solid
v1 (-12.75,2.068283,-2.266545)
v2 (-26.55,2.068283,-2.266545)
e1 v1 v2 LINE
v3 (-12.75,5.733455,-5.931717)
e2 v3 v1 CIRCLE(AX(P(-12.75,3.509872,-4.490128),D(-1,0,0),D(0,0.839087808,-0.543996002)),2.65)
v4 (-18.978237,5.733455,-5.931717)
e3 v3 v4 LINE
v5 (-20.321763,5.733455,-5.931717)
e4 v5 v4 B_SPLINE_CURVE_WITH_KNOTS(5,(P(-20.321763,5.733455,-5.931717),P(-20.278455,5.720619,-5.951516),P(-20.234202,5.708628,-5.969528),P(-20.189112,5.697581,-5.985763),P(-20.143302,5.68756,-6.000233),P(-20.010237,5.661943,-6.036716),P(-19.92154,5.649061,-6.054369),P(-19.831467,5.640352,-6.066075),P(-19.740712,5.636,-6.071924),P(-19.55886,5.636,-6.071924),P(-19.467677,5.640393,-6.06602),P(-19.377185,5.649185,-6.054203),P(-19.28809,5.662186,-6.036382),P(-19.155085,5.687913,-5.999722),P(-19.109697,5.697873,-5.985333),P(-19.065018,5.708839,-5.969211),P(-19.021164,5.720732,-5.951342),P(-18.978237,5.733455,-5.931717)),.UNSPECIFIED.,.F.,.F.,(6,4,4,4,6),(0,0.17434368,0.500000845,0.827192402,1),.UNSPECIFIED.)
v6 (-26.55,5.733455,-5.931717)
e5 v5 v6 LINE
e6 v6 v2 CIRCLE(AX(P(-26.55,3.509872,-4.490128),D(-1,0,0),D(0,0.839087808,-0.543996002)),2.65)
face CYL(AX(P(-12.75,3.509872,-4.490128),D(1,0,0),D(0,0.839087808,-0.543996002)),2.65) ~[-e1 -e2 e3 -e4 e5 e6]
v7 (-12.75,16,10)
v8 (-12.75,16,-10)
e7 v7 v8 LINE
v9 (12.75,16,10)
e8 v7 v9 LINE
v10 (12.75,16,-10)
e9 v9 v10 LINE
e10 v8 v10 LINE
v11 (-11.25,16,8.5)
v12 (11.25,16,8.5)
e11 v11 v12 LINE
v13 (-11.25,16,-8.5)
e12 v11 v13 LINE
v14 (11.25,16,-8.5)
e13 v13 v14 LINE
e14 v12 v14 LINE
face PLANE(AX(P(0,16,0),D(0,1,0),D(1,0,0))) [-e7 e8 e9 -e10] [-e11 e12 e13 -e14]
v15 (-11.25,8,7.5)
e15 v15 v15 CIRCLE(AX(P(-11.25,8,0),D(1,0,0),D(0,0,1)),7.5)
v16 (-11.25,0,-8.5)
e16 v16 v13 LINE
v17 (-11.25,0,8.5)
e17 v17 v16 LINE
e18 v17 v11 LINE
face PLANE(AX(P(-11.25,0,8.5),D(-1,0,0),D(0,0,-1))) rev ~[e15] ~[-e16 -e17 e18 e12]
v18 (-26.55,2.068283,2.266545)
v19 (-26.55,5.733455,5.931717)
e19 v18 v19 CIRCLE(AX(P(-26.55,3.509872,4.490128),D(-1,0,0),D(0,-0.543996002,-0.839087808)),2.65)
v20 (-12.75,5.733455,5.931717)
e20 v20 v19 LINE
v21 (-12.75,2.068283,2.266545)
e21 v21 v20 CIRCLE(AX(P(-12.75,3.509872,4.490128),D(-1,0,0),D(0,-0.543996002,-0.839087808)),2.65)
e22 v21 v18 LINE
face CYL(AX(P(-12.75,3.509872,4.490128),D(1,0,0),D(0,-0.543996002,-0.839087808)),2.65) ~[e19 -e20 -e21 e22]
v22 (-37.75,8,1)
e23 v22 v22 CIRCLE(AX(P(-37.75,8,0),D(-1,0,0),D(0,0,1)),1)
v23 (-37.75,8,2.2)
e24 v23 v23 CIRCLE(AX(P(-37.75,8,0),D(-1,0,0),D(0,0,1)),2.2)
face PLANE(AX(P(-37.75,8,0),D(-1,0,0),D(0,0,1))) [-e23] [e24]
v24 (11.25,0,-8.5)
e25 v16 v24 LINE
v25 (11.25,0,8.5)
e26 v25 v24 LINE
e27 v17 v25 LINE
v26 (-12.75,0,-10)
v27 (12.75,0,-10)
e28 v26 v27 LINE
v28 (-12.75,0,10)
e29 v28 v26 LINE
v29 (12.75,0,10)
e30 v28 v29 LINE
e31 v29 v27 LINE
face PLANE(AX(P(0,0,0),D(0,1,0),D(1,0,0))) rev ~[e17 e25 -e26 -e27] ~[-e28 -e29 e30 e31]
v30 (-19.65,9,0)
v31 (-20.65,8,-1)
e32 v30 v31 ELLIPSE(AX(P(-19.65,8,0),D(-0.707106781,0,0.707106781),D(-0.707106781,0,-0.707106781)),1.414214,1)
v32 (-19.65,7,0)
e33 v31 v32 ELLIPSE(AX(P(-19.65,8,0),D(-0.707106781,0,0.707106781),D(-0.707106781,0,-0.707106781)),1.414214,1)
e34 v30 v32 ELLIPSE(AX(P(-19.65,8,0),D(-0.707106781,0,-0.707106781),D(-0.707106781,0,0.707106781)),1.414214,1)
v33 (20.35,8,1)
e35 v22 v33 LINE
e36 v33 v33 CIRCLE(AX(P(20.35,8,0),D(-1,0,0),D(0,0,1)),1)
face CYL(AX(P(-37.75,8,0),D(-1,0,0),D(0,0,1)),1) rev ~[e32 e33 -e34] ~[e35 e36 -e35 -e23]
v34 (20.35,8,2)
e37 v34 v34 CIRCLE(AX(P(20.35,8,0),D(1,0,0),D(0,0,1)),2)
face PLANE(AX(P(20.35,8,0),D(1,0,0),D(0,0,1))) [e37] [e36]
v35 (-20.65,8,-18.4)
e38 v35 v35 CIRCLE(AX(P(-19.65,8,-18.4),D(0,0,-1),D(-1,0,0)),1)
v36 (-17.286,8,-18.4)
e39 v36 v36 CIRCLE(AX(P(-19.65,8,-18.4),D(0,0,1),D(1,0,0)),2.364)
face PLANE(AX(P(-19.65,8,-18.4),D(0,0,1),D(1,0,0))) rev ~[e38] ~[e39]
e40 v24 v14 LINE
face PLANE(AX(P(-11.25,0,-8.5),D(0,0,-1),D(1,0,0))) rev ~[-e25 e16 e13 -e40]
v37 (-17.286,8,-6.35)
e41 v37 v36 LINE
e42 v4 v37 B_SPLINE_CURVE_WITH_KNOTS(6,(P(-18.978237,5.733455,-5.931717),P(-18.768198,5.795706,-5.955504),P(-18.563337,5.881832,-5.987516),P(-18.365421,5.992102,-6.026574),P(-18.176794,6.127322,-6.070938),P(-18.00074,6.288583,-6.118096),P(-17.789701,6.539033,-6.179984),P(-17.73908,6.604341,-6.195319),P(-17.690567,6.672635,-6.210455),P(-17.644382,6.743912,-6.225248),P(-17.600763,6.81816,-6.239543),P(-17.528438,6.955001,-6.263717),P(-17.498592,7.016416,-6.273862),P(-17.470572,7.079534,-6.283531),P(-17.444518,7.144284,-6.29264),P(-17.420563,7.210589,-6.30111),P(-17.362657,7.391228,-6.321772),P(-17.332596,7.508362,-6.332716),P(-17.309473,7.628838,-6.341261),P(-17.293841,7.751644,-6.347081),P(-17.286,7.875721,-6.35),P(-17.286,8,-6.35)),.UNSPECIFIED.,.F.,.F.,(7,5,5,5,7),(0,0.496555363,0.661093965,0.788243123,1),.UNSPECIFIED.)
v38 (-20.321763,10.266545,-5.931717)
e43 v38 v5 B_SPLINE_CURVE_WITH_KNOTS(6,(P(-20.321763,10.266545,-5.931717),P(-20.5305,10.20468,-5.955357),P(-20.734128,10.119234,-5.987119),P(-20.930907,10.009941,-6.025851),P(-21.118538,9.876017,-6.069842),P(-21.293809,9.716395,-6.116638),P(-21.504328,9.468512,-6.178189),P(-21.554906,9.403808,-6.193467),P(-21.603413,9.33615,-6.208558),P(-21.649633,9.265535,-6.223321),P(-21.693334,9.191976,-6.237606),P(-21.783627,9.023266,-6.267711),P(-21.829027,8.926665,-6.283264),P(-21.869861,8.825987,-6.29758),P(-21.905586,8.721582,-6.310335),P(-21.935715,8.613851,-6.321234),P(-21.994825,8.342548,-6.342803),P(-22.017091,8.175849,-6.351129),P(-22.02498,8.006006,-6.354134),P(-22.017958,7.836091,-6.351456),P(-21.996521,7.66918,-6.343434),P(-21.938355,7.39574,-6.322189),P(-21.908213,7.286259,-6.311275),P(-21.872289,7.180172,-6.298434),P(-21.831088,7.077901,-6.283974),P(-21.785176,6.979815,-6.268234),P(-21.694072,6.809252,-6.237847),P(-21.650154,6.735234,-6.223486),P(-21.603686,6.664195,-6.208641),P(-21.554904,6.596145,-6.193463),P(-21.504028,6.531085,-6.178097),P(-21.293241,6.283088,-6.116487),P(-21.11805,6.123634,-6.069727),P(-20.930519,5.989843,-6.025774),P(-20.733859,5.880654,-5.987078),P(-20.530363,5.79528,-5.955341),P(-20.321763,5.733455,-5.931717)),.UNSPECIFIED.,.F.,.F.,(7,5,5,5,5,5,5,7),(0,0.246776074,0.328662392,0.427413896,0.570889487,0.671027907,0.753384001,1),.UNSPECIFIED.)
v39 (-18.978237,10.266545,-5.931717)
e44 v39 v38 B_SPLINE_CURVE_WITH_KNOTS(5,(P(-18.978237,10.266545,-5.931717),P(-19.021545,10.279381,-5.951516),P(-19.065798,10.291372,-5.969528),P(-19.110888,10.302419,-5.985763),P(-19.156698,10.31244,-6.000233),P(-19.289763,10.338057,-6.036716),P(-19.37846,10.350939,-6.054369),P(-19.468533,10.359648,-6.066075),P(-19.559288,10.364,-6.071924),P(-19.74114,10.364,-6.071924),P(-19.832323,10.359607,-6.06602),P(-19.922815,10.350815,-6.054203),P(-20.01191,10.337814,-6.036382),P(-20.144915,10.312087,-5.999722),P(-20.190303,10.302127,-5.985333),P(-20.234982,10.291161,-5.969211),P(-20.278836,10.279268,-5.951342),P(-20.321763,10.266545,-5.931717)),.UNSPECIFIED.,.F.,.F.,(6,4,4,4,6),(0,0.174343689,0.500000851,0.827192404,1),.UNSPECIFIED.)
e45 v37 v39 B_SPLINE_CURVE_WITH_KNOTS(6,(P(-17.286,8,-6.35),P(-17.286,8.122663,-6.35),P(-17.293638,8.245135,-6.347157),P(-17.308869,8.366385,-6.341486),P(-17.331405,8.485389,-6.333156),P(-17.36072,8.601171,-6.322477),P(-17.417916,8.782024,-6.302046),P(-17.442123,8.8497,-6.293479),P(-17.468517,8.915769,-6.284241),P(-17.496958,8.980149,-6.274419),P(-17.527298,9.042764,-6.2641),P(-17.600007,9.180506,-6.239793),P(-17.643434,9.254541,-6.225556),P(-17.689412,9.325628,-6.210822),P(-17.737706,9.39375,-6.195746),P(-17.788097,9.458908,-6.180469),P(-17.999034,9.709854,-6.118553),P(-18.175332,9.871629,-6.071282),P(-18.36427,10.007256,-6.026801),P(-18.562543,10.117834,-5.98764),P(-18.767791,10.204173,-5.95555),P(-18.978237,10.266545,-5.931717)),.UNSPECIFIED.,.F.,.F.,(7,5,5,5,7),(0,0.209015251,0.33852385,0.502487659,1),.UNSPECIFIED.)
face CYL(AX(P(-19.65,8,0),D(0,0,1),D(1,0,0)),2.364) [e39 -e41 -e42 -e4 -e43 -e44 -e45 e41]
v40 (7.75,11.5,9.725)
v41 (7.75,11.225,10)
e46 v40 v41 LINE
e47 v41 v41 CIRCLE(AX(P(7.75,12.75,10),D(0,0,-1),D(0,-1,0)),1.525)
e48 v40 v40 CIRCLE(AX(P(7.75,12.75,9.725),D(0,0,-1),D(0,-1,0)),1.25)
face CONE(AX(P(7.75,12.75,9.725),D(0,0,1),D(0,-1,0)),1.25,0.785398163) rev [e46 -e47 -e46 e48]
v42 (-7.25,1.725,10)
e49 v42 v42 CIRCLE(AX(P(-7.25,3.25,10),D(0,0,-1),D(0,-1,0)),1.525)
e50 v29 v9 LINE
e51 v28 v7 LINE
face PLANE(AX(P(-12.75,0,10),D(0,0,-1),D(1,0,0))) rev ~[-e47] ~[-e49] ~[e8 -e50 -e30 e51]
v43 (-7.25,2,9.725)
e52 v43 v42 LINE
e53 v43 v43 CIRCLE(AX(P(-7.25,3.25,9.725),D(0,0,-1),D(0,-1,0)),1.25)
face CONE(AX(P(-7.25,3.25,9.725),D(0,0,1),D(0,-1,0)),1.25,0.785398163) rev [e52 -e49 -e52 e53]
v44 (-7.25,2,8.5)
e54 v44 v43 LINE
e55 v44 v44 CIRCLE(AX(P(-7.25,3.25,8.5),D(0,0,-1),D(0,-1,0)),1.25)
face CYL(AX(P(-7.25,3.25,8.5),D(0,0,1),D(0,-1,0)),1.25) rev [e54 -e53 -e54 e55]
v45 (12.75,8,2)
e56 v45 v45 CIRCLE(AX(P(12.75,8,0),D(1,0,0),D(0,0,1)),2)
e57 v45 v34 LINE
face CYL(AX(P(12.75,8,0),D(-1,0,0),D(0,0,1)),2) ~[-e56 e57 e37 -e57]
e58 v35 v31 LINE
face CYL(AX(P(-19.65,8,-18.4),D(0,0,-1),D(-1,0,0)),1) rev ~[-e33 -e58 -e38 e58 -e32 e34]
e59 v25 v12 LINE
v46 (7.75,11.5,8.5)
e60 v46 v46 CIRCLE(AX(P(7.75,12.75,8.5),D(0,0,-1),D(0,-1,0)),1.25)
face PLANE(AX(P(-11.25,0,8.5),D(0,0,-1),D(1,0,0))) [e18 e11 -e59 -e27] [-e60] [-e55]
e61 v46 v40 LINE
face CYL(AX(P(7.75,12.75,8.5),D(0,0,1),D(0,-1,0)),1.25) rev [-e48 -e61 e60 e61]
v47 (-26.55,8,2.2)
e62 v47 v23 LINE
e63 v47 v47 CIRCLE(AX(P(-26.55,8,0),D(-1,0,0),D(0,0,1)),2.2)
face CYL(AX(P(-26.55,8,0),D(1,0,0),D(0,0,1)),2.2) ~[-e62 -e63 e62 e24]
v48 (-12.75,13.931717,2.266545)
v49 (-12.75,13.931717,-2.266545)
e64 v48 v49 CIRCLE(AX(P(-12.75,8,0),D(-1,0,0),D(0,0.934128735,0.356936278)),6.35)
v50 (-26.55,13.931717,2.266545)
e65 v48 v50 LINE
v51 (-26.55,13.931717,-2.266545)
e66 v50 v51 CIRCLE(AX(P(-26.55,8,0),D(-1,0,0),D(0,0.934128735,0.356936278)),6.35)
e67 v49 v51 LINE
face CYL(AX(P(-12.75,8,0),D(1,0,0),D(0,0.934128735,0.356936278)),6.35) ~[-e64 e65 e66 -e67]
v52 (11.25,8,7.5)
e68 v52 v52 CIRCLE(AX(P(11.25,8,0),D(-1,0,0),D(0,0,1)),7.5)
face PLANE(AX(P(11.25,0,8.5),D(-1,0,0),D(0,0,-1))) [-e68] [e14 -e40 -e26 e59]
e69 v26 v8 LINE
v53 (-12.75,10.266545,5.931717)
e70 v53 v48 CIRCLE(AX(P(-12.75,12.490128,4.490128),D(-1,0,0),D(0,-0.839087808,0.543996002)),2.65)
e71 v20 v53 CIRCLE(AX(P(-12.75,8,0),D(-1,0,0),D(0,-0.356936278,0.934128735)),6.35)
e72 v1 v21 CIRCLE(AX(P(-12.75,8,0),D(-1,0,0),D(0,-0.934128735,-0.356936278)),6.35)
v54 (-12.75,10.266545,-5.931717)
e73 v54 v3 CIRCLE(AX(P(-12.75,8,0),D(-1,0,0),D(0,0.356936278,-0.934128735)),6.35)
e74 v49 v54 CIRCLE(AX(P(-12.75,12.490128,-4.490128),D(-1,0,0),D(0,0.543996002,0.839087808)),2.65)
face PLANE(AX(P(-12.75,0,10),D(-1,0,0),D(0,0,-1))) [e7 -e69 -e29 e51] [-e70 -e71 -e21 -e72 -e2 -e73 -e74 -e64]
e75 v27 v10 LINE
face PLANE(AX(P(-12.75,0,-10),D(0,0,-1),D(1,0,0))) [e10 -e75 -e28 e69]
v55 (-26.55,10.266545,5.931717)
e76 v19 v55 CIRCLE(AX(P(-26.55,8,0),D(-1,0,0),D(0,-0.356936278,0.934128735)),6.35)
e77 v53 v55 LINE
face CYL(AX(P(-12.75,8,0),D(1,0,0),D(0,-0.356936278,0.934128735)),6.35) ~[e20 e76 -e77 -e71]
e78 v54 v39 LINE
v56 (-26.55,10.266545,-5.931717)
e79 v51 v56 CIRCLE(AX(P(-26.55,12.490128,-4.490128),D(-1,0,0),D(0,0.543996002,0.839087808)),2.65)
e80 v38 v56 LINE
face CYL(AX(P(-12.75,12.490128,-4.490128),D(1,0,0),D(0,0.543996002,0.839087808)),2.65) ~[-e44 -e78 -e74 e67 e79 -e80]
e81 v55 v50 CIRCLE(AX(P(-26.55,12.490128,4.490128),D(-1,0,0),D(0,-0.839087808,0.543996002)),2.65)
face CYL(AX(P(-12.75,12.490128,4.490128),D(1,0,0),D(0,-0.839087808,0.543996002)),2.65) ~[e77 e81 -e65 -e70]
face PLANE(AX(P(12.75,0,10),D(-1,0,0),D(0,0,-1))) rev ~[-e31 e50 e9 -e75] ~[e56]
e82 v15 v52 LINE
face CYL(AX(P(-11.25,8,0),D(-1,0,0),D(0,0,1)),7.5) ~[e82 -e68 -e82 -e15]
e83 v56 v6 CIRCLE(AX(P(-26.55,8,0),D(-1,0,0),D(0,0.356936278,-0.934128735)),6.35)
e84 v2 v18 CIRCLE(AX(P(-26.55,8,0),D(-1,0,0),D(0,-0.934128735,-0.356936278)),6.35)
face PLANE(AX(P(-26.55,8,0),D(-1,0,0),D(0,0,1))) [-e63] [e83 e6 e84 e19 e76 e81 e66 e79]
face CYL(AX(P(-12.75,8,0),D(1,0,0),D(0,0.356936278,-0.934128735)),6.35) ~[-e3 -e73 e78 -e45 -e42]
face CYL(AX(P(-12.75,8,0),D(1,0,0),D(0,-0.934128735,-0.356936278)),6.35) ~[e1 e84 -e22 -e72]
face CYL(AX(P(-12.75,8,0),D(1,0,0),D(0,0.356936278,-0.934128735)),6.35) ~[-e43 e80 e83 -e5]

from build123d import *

# Parameters (mm, degrees)
SKETCH_1_W          = 25.5
SKETCH_1_H          = 20
SKETCH_1_W_2        = 22.5
SKETCH_1_H_2        = 17
EXTRUDE_1_DEPTH     = 16
M3X0_5_1_AT_2_COUNT = 2
M3X0_5_1_AT_2_PITCH = 17.755280905
EXTRUDE_2_REACH     = 32.529
SKETCH_4_R          = 7.5
EXTRUDE_3_DEPTH     = 13.8
SKETCH_6_R          = 2
EXTRUDE_4_DEPTH     = 7.6
SKETCH_7_R          = 2.2
EXTRUDE_5_DEPTH     = 11.2
SKETCH_9_R          = 2.363999551
EXTRUDE_6_DEPTH     = 18.4
SKETCH_10_R         = 1
CUT_EXTRUDE_1_DEPTH = 64.009285059
SKETCH_11_R         = 1
CUT_EXTRUDE_2_DEPTH = 18.4


with BuildPart() as part:
    # 草图1 → 凸台-拉伸1 (new body)
    with BuildSketch(Plane(origin=(0, 0, 0), x_dir=(1, 0, 0), z_dir=(0, 1, 0))):
        Rectangle(SKETCH_1_W, SKETCH_1_H)
        Rectangle(SKETCH_1_W_2, SKETCH_1_H_2, mode=Mode.SUBTRACT)
    extrude(amount=EXTRUDE_1_DEPTH)

    # 草图3 → M3x0.5 螺纹孔1 (revolve, cut)
    with BuildSketch(Plane(origin=(7.75, 12.75, 10), x_dir=(0, -1, 0), z_dir=(1, 0, 0))):
        Polygon((0, 0), (0, 1.5), (1.25, 1.5), (1.25, 0.275), (1.525, 0), align=None)
    m3x0_5_1 = revolve(axis=Axis((7.75, 12.75, 16.35), (0, 0, -1)), mode=Mode.SUBTRACT)

    # M3x0.5 螺纹孔1 at 2: M3x0.5 螺纹孔1 ×2
    with Locations(*[Vector(-0.8448190755542286, -0.5350520811843448, 0) * (i * M3X0_5_1_AT_2_PITCH) for i in range(1, M3X0_5_1_AT_2_COUNT)]):
        add(m3x0_5_1, mode=Mode.SUBTRACT)

    # 草图4 → 凸台-拉伸2 (add, up to next)
    with BuildSketch(Plane(origin=(-11.25, 0, 0), x_dir=(0, 0, -1), z_dir=(1, 0, 0)), mode=Mode.PRIVATE) as extrude_2_sk1:
        with Locations(Location((0, 8, 0), (0, 0, 180))):
            Circle(SKETCH_4_R)
    extrude_2_tool1 = extrude(extrude_2_sk1.sketch, amount=EXTRUDE_2_REACH, mode=Mode.PRIVATE) - part.part
    add(extrude_2_tool1.solids().sort_by_distance((-11.25, 8, 0))[0])

    # 草图5 → 凸台-拉伸3 (add)
    with BuildSketch(Plane.ZY.offset(12.75)):
        with BuildLine():
            ThreePointArc((-5.931717466, 10.266545369), (-6.35, 8), (-5.931717466, 5.733454631))
            ThreePointArc((-5.931717466, 5.733454631), (-6.363961031, 1.636038969), (-2.266545369, 2.068282534))
            ThreePointArc((-2.266545369, 2.068282534), (0, 1.65), (2.266545369, 2.068282534))
            ThreePointArc((2.266545369, 2.068282534), (6.363961031, 1.636038969), (5.931717466, 5.733454631))
            ThreePointArc((5.931717466, 5.733454631), (6.35, 8), (5.931717466, 10.266545369))
            ThreePointArc((5.931717466, 10.266545369), (6.363961031, 14.363961031), (2.266545369, 13.931717466))
            ThreePointArc((2.266545369, 13.931717466), (0, 14.35), (-2.266545369, 13.931717466))
            ThreePointArc((-2.266545369, 13.931717466), (-6.363961031, 14.363961031), (-5.931717466, 10.266545369))
        make_face()
    extrude(amount=EXTRUDE_3_DEPTH)

    # 草图6 → 凸台-拉伸4 (add)
    with BuildSketch(Plane(origin=(12.75, 0, 0), x_dir=(0, 0, -1), z_dir=(1, 0, 0))):
        with Locations(Location((0, 8, 0), (0, 0, 180))):
            Circle(SKETCH_6_R)
    extrude(amount=EXTRUDE_4_DEPTH)

    # 草图7 → 凸台-拉伸5 (add)
    with BuildSketch(Plane.ZY.offset(26.55)):
        with Locations((0, 8)):
            Circle(SKETCH_7_R)
    extrude(amount=EXTRUDE_5_DEPTH)

    # 草图9 → 凸台-拉伸6 (add)
    with BuildSketch(Plane.XY):
        with Locations((-19.65, 8)):
            Circle(SKETCH_9_R)
    extrude(amount=-EXTRUDE_6_DEPTH)

    # 草图10 → 切除-拉伸1 (cut, through all)
    with BuildSketch(Plane.ZY.offset(37.75)):
        with Locations((0, 8)):
            Circle(SKETCH_10_R)
    extrude(amount=-CUT_EXTRUDE_1_DEPTH, mode=Mode.SUBTRACT)

    # 草图11 → 切除-拉伸2 (cut)
    with BuildSketch(Plane(origin=(0, 0, -18.4), x_dir=(-1, 0, 0), z_dir=(0, 0, -1))):
        with Locations((19.65, 8)):
            Circle(SKETCH_11_R)
    extrude(amount=-CUT_EXTRUDE_2_DEPTH, mode=Mode.SUBTRACT)


solid = part.part
